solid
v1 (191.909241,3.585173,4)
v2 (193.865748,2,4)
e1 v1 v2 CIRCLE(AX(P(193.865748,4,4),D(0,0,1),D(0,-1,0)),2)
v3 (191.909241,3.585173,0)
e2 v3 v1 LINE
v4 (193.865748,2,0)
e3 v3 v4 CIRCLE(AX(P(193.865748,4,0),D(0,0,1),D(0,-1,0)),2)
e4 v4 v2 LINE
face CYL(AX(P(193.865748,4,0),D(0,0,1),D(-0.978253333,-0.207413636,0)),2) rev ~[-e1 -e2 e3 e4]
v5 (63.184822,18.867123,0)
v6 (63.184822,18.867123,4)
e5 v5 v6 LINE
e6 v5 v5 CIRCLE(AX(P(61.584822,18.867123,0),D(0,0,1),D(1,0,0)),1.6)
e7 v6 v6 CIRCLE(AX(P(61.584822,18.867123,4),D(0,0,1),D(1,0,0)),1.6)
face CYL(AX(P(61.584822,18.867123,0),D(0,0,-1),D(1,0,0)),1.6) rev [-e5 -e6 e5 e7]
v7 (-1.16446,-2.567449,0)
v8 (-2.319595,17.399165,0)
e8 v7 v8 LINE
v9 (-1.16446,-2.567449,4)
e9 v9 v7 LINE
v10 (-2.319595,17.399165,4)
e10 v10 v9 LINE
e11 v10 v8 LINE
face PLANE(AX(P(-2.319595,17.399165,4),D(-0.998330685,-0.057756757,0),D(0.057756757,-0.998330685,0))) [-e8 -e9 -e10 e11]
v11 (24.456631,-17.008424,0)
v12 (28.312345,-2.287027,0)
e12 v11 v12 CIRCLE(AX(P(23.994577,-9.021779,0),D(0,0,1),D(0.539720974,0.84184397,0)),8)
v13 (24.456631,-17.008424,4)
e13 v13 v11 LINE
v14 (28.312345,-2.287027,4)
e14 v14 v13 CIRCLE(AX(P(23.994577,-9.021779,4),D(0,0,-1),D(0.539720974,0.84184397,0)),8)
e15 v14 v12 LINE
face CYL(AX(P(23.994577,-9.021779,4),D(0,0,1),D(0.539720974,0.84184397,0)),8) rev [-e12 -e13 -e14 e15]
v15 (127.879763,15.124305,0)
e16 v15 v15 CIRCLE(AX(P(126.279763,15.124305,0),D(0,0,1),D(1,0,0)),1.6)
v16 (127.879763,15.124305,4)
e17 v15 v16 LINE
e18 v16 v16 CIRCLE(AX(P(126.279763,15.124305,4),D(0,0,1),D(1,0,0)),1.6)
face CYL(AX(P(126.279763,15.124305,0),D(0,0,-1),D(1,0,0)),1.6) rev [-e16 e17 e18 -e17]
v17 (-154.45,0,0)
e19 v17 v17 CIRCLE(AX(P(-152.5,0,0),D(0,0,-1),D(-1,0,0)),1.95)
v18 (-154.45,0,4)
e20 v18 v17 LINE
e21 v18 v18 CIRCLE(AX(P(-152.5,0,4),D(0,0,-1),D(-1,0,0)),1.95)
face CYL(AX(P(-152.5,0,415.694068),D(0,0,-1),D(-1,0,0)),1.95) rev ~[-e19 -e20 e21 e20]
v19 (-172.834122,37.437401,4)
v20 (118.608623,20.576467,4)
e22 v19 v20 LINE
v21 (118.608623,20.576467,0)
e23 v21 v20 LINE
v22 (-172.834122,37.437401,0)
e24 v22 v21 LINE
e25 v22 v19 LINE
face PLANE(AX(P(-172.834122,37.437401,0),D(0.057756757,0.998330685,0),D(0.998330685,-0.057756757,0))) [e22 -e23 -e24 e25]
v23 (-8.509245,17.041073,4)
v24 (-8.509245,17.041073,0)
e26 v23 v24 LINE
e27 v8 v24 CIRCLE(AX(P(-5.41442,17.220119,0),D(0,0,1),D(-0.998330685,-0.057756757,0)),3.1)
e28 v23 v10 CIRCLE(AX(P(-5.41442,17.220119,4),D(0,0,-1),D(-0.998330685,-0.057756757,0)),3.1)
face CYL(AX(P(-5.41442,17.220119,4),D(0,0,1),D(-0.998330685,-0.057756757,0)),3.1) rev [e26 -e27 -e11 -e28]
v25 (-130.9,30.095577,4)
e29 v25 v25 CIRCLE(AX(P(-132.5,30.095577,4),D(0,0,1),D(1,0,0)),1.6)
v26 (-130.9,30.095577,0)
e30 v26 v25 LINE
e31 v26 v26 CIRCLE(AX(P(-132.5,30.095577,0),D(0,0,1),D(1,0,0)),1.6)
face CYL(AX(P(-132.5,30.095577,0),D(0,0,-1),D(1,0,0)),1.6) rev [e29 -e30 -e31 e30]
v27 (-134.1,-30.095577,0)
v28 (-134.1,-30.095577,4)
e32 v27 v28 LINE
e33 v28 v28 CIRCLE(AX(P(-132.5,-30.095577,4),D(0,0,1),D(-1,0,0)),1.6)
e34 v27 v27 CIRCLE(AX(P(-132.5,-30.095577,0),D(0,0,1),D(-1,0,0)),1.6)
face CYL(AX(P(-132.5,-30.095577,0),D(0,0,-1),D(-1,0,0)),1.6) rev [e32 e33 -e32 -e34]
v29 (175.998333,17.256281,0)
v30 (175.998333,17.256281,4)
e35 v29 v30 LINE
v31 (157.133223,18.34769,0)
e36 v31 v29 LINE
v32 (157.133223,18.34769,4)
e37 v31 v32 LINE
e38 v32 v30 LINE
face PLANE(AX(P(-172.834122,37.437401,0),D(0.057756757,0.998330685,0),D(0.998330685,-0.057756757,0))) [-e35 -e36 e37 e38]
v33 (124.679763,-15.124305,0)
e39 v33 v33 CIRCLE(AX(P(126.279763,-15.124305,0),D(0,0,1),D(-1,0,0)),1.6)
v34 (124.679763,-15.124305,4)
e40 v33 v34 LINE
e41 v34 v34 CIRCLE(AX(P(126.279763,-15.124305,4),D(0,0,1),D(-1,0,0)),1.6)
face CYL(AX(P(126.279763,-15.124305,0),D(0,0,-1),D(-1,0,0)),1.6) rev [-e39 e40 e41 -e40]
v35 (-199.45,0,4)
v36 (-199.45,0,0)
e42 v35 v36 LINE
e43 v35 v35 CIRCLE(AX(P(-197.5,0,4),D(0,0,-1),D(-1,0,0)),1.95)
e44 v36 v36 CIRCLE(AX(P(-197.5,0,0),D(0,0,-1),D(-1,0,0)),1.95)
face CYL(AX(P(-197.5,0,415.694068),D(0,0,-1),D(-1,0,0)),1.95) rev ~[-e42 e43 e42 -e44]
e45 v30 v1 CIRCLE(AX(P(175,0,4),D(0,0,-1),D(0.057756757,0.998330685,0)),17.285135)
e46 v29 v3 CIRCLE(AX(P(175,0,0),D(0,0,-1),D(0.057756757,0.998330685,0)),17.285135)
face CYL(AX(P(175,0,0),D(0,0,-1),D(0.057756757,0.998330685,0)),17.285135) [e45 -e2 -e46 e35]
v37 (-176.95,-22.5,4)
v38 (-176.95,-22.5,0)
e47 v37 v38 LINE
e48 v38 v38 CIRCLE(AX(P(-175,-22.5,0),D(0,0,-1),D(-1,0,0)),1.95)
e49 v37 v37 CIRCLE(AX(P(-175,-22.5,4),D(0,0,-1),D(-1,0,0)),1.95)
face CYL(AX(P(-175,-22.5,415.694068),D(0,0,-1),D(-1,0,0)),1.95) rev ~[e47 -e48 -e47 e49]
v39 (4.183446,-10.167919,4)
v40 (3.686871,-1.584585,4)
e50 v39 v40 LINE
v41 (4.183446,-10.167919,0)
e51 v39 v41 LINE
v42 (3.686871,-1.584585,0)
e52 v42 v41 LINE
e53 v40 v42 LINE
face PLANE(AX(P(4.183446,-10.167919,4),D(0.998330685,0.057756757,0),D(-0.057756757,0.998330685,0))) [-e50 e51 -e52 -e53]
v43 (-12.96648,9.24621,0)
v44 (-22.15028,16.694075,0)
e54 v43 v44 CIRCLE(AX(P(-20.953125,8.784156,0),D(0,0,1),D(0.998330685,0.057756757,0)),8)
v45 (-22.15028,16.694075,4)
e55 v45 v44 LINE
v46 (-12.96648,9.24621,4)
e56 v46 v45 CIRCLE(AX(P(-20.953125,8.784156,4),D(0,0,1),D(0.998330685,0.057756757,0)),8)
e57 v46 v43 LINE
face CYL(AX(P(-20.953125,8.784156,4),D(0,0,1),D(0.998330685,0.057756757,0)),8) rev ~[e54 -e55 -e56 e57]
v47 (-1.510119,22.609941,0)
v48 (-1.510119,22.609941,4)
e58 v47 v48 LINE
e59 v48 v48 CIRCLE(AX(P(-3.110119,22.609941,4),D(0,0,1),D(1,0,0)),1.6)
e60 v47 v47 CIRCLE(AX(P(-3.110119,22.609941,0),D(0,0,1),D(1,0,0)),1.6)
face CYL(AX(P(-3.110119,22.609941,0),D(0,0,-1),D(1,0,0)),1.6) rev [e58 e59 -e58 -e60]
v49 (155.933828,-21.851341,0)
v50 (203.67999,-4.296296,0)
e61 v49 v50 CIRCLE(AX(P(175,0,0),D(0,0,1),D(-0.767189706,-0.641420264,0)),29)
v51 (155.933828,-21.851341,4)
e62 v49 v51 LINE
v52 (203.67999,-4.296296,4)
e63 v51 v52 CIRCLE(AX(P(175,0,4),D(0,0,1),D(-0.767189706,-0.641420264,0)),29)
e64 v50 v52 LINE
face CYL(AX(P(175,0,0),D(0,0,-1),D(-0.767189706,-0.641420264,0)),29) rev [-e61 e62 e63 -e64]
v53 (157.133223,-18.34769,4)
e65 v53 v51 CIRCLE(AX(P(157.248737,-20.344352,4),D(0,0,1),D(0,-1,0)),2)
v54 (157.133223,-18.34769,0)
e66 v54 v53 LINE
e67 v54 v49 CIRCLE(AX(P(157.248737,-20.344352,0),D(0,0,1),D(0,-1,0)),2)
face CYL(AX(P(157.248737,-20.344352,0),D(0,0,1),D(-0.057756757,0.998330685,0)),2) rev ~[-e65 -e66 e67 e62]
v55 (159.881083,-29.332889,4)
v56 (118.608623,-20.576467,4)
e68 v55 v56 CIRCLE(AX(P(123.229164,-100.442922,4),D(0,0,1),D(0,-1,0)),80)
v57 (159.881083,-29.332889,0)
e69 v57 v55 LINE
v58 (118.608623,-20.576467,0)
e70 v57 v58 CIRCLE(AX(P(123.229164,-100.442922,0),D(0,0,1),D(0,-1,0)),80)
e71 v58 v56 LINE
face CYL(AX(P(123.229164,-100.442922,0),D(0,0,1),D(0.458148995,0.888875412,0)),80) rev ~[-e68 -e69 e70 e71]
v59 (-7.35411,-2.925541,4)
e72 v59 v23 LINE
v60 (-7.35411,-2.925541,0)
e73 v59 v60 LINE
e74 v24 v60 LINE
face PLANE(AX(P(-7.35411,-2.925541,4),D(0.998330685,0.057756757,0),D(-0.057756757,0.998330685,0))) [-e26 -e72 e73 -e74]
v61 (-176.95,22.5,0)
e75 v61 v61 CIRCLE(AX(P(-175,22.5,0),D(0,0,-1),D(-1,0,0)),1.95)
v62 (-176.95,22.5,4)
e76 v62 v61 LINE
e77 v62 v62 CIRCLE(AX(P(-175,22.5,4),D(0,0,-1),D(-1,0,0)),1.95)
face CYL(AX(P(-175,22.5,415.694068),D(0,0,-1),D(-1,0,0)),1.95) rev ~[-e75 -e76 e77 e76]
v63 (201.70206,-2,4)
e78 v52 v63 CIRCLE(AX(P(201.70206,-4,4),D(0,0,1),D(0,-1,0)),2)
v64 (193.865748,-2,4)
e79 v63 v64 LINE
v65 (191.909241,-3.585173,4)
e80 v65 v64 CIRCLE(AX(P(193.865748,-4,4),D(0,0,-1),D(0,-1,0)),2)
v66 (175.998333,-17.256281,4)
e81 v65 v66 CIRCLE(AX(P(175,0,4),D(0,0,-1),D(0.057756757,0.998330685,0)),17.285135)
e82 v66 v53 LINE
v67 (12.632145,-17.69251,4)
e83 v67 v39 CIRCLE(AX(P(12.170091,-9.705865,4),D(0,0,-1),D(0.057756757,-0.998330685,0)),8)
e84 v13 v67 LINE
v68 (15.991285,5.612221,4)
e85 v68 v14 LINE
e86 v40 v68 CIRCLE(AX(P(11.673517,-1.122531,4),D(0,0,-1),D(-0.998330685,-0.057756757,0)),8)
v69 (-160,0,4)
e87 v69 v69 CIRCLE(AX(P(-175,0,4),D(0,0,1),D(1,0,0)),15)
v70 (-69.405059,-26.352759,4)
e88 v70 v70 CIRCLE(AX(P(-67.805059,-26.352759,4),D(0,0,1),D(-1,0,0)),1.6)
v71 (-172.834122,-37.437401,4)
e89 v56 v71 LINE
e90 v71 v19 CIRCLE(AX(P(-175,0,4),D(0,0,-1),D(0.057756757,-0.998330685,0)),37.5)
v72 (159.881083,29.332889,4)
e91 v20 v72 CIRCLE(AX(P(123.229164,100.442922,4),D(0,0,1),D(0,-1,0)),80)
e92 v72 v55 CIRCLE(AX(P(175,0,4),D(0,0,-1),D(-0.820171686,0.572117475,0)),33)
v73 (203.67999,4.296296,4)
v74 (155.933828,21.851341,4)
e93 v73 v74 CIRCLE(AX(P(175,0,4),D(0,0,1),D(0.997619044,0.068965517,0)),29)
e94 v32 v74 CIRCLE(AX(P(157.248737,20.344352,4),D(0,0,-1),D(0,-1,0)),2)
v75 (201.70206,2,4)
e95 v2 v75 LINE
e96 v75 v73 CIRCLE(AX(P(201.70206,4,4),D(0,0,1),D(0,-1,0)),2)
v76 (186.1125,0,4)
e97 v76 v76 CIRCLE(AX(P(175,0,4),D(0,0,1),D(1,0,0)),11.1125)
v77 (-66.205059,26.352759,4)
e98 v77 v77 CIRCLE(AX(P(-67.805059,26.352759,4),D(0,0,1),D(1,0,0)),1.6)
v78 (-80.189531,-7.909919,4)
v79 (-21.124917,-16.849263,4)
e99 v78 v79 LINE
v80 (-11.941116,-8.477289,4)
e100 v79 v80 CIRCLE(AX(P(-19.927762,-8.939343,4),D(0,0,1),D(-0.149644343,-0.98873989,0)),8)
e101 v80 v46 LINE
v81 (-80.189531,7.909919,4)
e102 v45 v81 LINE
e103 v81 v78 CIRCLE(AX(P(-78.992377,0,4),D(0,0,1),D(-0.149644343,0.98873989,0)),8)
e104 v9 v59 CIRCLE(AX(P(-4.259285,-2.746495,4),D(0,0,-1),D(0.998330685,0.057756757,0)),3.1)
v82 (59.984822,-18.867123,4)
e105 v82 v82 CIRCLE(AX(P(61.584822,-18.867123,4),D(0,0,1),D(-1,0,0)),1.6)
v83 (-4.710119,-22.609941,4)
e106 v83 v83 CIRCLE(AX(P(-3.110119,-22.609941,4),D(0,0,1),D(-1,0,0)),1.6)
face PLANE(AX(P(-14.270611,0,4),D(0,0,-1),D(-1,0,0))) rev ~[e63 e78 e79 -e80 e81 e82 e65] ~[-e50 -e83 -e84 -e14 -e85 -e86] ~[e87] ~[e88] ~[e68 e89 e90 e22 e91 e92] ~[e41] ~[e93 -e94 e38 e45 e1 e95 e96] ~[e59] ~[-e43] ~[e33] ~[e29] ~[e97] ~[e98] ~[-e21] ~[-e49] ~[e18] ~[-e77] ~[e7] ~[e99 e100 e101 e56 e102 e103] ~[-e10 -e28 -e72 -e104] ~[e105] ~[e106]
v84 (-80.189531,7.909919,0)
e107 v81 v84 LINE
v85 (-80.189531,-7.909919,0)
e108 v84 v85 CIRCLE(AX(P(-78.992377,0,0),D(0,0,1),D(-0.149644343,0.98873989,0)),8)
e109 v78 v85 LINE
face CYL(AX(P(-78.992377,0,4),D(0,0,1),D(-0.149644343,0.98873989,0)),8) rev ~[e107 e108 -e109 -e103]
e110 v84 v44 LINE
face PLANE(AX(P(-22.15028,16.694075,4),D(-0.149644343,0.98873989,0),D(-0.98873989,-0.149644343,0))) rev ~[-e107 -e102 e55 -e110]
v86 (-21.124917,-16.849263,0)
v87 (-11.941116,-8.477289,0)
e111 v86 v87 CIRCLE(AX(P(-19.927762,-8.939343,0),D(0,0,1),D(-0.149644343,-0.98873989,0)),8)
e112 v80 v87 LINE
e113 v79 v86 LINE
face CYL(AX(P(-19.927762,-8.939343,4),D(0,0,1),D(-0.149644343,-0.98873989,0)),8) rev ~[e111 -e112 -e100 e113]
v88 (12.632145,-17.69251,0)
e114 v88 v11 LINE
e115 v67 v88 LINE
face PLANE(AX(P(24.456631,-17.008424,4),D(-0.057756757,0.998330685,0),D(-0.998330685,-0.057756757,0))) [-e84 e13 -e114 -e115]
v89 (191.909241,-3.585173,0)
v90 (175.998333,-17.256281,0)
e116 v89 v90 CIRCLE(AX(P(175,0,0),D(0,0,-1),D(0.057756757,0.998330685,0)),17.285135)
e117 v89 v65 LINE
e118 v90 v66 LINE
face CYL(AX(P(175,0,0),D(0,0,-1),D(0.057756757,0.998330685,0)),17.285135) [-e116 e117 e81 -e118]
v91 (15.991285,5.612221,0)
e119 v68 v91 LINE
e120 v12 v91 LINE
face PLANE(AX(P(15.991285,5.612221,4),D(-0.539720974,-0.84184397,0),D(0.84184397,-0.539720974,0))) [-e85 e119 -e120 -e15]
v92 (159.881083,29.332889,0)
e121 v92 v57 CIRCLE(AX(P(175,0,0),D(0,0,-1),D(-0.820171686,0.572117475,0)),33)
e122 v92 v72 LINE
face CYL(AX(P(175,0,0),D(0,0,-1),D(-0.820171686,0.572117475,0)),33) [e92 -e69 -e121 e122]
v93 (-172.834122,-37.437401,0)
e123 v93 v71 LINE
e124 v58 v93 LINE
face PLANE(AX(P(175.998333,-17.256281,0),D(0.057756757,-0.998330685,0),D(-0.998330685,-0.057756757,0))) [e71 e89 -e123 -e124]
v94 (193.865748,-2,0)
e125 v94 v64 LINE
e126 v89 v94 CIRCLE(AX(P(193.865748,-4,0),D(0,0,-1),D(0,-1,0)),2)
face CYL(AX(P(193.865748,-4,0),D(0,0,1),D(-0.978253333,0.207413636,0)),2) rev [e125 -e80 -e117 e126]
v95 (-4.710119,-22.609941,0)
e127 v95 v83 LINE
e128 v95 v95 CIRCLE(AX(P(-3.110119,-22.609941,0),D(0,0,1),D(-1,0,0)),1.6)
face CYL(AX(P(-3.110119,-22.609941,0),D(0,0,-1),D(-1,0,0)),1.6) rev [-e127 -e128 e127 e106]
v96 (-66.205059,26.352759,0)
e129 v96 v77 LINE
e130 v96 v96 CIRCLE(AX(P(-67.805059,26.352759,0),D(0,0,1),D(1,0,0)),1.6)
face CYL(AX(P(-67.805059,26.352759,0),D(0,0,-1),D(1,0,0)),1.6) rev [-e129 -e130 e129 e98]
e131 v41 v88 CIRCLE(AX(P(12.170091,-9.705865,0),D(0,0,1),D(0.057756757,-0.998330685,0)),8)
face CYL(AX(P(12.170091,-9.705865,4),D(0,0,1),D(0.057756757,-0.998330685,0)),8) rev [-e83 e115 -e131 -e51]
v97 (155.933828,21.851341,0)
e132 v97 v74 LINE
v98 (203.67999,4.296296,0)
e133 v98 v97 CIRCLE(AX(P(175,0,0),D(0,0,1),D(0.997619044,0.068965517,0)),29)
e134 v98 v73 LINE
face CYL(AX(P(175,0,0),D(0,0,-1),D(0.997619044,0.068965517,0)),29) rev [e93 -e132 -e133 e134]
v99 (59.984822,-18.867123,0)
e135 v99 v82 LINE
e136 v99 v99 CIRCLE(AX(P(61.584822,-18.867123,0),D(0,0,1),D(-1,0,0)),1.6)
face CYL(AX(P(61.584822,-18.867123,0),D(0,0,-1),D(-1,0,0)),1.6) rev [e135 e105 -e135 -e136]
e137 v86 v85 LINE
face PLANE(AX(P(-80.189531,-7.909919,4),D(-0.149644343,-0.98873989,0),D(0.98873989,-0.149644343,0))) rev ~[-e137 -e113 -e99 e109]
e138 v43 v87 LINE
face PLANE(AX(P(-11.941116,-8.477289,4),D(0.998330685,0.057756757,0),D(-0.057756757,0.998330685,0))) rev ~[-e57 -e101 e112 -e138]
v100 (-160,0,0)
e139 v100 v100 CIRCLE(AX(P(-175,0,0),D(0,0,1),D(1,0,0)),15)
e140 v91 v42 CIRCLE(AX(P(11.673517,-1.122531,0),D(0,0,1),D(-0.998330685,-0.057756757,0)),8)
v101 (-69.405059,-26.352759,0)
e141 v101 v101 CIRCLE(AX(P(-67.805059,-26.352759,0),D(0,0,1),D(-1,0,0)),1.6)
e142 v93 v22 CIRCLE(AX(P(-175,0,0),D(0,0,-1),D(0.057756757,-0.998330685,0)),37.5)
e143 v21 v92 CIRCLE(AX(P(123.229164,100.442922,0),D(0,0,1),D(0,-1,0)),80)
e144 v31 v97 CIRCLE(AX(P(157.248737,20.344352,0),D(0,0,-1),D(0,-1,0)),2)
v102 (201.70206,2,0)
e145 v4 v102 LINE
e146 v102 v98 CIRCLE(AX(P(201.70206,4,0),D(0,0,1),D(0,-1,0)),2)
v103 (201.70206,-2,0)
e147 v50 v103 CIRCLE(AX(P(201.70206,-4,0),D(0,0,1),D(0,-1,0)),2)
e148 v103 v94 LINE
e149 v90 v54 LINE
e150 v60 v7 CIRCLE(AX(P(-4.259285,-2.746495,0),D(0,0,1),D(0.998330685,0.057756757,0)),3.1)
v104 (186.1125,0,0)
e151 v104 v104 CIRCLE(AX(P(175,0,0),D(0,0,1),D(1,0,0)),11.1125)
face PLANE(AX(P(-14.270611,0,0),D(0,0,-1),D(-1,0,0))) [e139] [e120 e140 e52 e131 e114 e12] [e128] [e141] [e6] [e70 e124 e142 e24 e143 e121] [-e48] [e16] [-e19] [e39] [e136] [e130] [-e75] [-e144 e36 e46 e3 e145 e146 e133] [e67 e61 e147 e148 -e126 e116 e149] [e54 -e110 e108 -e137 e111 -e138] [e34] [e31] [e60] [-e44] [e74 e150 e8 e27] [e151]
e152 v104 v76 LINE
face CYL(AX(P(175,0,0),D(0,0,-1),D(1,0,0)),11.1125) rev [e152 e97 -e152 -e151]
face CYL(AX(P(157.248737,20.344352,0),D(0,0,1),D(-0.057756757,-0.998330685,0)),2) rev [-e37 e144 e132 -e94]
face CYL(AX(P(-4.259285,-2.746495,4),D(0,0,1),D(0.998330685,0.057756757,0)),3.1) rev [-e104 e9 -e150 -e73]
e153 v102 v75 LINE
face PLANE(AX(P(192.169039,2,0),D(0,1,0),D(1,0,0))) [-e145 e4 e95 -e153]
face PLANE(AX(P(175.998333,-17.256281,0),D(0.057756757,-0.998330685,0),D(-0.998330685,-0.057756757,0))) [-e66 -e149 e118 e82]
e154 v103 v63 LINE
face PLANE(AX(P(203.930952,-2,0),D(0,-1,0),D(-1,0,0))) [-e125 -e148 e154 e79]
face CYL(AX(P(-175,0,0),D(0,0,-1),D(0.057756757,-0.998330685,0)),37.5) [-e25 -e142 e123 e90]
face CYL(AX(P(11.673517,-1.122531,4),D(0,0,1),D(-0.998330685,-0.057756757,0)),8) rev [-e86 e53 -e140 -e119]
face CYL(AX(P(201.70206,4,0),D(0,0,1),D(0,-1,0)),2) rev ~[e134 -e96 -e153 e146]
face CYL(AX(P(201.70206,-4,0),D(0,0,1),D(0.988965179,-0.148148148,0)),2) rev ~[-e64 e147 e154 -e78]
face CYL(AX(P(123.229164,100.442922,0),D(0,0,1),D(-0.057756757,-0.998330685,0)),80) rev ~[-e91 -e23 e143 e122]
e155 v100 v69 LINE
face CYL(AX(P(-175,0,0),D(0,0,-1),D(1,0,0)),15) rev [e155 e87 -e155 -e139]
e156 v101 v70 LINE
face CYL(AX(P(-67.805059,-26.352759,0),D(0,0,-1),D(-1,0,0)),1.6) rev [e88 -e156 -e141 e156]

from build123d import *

# Parameters (mm, degrees)
SKETCH1_R              = 11.1125
SKETCH1_R_2            = 15
SKETCH1_R_3            = 1.6
BOSS_EXTRUDE1_DEPTH    = 4
M3_5_CLEARANCE_HOLE1_D = 3.9
CUT_EXTRUDE1_DEPTH     = 10
BOSS_EXTRUDE2_START    = -4
BOSS_EXTRUDE2_DEPTH    = 4
FILLET1_R              = 2
FILLET2_R              = 80


with BuildPart() as part:
    # Sketch1 → Boss-Extrude1 (new body)
    with BuildSketch(Plane.XY):
        with BuildLine():
            Line((-172.834121622, 37.437400696), (175.998333346, 17.256280804))
            ThreePointArc((175.998333346, 17.256280804), (192.285135135, 0), (175.998333346, -17.256280804))
            Line((175.998333346, -17.256280804), (-172.834121622, -37.437400696))
            ThreePointArc((-172.834121622, -37.437400696), (-212.5, 0), (-172.834121622, 37.437400696))
        make_face()
        with Locations((175, 0)):
            Circle(SKETCH1_R, mode=Mode.SUBTRACT)
        with Locations((-175, 0)):
            Circle(SKETCH1_R_2, mode=Mode.SUBTRACT)
        with Locations((-132.5, 30.095576829)):
            Circle(SKETCH1_R_3, mode=Mode.SUBTRACT)
        with Locations((-67.805059302, 26.352758935)):
            Circle(SKETCH1_R_3, mode=Mode.SUBTRACT)
        with Locations((-3.110118604, 22.60994104)):
            Circle(SKETCH1_R_3, mode=Mode.SUBTRACT)
        with Locations((61.584822094, 18.867123146)):
            Circle(SKETCH1_R_3, mode=Mode.SUBTRACT)
        with Locations((126.279762792, 15.124305251)):
            Circle(SKETCH1_R_3, mode=Mode.SUBTRACT)
        with Locations(Location((126.279762792, -15.124305251, 0), (0, 0, 180))):
            Circle(SKETCH1_R_3, mode=Mode.SUBTRACT)
        with Locations(Location((61.584822094, -18.867123146, 0), (0, 0, 180))):
            Circle(SKETCH1_R_3, mode=Mode.SUBTRACT)
        with Locations(Location((-3.110118604, -22.60994104, 0), (0, 0, 180))):
            Circle(SKETCH1_R_3, mode=Mode.SUBTRACT)
        with Locations(Location((-67.805059302, -26.352758935, 0), (0, 0, 180))):
            Circle(SKETCH1_R_3, mode=Mode.SUBTRACT)
        with Locations(Location((-132.5, -30.095576829, 0), (0, 0, 180))):
            Circle(SKETCH1_R_3, mode=Mode.SUBTRACT)
    extrude(amount=BOSS_EXTRUDE1_DEPTH)

    # M3.5 Clearance Hole1 (through all)
    with Locations(Plane.XY.offset(4)):
        with Locations((-197.5, 0), (-175, 22.5), (-152.5, 0), (-175, -22.5)):
            Hole(M3_5_CLEARANCE_HOLE1_D / 2)

    # Sketch7 → Cut-Extrude1 (cut)
    with BuildSketch(Plane.XY.offset(4)):
        with BuildLine():
            Line((15.991284585, 5.612221232), (28.312344657, -2.287027054))
            ThreePointArc((28.312344657, -2.287027054), (31.73354052, -11.048707916), (24.456630921, -17.008424298))
            Line((24.456630921, -17.008424298), (12.632145333, -17.692510191))
            ThreePointArc((12.632145333, -17.692510191), (6.849401654, -15.679997443), (4.183445797, -10.167918763))
            Line((4.183445797, -10.167918763), (3.686871313, -1.584584585))
            ThreePointArc((3.686871313, -1.584584585), (7.634498428, 5.782998459), (15.991284585, 5.612221232))
        make_face()
        with BuildLine():
            Line((-11.941116444, -8.477289375), (-12.966479952, 9.246210209))
            ThreePointArc((-12.966479952, 9.246210209), (-15.914080917, 14.997692214), (-22.150280177, 16.694075277))
            Line((-22.150280177, 16.694075277), (-80.189531309, 7.909919122))
            ThreePointArc((-80.189531309, 7.909919122), (-86.992376567, 0), (-80.189531309, -7.909919122))
            Line((-80.189531309, -7.909919122), (-21.124916668, -16.849262551))
            ThreePointArc((-21.124916668, -16.849262551), (-14.538255469, -14.851468272), (-11.941116444, -8.477289375))
        make_face()
        with BuildLine():
            Line((-7.35411028, -2.925540775), (-8.509245415, 17.04107293))
            ThreePointArc((-8.509245415, 17.04107293), (-5.593466237, 20.314944), (-2.319595167, 17.399164822))
            Line((-2.319595167, 17.399164822), (-1.164460032, -2.567448883))
            ThreePointArc((-1.164460032, -2.567448883), (-4.08023921, -5.841319953), (-7.35411028, -2.925540775))
        make_face()
    extrude(amount=-CUT_EXTRUDE1_DEPTH, mode=Mode.SUBTRACT)

    # Sketch9 → Boss-Extrude2 (add)
    with BuildSketch(Plane.XY.offset(4).offset(BOSS_EXTRUDE2_START)):
        with BuildLine():
            Line((192.169038897, 2), (203.930952283, 2))
            ThreePointArc((203.930952283, 2), (183.947829075, 27.585074857), (152.751498531, 18.60118766))
            Line((152.751498531, 18.60118766), (147.934334346, 18.87987666))
            ThreePointArc((147.934334346, 18.87987666), (208, 0), (147.934334346, -18.87987666))
            Line((147.934334346, -18.87987666), (152.751498531, -18.60118766))
            ThreePointArc((152.751498531, -18.60118766), (183.947829075, -27.585074857), (203.930952283, -2))
            Line((203.930952283, -2), (192.169038897, -2))
            ThreePointArc((192.169038897, -2), (192.285135135, 0), (192.169038897, 2))
        make_face()
    extrude(amount=BOSS_EXTRUDE2_DEPTH)

    # Fillet1
    fillet1_edges = [part.edges().sort_by_distance(p)[0] for p in [
        (192.169038897, 2, 2),
        (192.169038897, -2, 2),
        (203.930952283, -2, 2),
        (152.751498531, -18.60118766, 2),
        (152.751498531, 18.60118766, 2),
        (203.930952283, 2, 2),
    ]]
    fillet(fillet1_edges, radius=FILLET1_R)

    # Fillet2
    fillet2_edges = [part.edges().sort_by_distance(p)[0] for p in [
        (147.934334346, -18.87987666, 2),
        (147.934334346, 18.87987666, 2),
    ]]
    fillet(fillet2_edges, radius=FILLET2_R)


solid = part.part
